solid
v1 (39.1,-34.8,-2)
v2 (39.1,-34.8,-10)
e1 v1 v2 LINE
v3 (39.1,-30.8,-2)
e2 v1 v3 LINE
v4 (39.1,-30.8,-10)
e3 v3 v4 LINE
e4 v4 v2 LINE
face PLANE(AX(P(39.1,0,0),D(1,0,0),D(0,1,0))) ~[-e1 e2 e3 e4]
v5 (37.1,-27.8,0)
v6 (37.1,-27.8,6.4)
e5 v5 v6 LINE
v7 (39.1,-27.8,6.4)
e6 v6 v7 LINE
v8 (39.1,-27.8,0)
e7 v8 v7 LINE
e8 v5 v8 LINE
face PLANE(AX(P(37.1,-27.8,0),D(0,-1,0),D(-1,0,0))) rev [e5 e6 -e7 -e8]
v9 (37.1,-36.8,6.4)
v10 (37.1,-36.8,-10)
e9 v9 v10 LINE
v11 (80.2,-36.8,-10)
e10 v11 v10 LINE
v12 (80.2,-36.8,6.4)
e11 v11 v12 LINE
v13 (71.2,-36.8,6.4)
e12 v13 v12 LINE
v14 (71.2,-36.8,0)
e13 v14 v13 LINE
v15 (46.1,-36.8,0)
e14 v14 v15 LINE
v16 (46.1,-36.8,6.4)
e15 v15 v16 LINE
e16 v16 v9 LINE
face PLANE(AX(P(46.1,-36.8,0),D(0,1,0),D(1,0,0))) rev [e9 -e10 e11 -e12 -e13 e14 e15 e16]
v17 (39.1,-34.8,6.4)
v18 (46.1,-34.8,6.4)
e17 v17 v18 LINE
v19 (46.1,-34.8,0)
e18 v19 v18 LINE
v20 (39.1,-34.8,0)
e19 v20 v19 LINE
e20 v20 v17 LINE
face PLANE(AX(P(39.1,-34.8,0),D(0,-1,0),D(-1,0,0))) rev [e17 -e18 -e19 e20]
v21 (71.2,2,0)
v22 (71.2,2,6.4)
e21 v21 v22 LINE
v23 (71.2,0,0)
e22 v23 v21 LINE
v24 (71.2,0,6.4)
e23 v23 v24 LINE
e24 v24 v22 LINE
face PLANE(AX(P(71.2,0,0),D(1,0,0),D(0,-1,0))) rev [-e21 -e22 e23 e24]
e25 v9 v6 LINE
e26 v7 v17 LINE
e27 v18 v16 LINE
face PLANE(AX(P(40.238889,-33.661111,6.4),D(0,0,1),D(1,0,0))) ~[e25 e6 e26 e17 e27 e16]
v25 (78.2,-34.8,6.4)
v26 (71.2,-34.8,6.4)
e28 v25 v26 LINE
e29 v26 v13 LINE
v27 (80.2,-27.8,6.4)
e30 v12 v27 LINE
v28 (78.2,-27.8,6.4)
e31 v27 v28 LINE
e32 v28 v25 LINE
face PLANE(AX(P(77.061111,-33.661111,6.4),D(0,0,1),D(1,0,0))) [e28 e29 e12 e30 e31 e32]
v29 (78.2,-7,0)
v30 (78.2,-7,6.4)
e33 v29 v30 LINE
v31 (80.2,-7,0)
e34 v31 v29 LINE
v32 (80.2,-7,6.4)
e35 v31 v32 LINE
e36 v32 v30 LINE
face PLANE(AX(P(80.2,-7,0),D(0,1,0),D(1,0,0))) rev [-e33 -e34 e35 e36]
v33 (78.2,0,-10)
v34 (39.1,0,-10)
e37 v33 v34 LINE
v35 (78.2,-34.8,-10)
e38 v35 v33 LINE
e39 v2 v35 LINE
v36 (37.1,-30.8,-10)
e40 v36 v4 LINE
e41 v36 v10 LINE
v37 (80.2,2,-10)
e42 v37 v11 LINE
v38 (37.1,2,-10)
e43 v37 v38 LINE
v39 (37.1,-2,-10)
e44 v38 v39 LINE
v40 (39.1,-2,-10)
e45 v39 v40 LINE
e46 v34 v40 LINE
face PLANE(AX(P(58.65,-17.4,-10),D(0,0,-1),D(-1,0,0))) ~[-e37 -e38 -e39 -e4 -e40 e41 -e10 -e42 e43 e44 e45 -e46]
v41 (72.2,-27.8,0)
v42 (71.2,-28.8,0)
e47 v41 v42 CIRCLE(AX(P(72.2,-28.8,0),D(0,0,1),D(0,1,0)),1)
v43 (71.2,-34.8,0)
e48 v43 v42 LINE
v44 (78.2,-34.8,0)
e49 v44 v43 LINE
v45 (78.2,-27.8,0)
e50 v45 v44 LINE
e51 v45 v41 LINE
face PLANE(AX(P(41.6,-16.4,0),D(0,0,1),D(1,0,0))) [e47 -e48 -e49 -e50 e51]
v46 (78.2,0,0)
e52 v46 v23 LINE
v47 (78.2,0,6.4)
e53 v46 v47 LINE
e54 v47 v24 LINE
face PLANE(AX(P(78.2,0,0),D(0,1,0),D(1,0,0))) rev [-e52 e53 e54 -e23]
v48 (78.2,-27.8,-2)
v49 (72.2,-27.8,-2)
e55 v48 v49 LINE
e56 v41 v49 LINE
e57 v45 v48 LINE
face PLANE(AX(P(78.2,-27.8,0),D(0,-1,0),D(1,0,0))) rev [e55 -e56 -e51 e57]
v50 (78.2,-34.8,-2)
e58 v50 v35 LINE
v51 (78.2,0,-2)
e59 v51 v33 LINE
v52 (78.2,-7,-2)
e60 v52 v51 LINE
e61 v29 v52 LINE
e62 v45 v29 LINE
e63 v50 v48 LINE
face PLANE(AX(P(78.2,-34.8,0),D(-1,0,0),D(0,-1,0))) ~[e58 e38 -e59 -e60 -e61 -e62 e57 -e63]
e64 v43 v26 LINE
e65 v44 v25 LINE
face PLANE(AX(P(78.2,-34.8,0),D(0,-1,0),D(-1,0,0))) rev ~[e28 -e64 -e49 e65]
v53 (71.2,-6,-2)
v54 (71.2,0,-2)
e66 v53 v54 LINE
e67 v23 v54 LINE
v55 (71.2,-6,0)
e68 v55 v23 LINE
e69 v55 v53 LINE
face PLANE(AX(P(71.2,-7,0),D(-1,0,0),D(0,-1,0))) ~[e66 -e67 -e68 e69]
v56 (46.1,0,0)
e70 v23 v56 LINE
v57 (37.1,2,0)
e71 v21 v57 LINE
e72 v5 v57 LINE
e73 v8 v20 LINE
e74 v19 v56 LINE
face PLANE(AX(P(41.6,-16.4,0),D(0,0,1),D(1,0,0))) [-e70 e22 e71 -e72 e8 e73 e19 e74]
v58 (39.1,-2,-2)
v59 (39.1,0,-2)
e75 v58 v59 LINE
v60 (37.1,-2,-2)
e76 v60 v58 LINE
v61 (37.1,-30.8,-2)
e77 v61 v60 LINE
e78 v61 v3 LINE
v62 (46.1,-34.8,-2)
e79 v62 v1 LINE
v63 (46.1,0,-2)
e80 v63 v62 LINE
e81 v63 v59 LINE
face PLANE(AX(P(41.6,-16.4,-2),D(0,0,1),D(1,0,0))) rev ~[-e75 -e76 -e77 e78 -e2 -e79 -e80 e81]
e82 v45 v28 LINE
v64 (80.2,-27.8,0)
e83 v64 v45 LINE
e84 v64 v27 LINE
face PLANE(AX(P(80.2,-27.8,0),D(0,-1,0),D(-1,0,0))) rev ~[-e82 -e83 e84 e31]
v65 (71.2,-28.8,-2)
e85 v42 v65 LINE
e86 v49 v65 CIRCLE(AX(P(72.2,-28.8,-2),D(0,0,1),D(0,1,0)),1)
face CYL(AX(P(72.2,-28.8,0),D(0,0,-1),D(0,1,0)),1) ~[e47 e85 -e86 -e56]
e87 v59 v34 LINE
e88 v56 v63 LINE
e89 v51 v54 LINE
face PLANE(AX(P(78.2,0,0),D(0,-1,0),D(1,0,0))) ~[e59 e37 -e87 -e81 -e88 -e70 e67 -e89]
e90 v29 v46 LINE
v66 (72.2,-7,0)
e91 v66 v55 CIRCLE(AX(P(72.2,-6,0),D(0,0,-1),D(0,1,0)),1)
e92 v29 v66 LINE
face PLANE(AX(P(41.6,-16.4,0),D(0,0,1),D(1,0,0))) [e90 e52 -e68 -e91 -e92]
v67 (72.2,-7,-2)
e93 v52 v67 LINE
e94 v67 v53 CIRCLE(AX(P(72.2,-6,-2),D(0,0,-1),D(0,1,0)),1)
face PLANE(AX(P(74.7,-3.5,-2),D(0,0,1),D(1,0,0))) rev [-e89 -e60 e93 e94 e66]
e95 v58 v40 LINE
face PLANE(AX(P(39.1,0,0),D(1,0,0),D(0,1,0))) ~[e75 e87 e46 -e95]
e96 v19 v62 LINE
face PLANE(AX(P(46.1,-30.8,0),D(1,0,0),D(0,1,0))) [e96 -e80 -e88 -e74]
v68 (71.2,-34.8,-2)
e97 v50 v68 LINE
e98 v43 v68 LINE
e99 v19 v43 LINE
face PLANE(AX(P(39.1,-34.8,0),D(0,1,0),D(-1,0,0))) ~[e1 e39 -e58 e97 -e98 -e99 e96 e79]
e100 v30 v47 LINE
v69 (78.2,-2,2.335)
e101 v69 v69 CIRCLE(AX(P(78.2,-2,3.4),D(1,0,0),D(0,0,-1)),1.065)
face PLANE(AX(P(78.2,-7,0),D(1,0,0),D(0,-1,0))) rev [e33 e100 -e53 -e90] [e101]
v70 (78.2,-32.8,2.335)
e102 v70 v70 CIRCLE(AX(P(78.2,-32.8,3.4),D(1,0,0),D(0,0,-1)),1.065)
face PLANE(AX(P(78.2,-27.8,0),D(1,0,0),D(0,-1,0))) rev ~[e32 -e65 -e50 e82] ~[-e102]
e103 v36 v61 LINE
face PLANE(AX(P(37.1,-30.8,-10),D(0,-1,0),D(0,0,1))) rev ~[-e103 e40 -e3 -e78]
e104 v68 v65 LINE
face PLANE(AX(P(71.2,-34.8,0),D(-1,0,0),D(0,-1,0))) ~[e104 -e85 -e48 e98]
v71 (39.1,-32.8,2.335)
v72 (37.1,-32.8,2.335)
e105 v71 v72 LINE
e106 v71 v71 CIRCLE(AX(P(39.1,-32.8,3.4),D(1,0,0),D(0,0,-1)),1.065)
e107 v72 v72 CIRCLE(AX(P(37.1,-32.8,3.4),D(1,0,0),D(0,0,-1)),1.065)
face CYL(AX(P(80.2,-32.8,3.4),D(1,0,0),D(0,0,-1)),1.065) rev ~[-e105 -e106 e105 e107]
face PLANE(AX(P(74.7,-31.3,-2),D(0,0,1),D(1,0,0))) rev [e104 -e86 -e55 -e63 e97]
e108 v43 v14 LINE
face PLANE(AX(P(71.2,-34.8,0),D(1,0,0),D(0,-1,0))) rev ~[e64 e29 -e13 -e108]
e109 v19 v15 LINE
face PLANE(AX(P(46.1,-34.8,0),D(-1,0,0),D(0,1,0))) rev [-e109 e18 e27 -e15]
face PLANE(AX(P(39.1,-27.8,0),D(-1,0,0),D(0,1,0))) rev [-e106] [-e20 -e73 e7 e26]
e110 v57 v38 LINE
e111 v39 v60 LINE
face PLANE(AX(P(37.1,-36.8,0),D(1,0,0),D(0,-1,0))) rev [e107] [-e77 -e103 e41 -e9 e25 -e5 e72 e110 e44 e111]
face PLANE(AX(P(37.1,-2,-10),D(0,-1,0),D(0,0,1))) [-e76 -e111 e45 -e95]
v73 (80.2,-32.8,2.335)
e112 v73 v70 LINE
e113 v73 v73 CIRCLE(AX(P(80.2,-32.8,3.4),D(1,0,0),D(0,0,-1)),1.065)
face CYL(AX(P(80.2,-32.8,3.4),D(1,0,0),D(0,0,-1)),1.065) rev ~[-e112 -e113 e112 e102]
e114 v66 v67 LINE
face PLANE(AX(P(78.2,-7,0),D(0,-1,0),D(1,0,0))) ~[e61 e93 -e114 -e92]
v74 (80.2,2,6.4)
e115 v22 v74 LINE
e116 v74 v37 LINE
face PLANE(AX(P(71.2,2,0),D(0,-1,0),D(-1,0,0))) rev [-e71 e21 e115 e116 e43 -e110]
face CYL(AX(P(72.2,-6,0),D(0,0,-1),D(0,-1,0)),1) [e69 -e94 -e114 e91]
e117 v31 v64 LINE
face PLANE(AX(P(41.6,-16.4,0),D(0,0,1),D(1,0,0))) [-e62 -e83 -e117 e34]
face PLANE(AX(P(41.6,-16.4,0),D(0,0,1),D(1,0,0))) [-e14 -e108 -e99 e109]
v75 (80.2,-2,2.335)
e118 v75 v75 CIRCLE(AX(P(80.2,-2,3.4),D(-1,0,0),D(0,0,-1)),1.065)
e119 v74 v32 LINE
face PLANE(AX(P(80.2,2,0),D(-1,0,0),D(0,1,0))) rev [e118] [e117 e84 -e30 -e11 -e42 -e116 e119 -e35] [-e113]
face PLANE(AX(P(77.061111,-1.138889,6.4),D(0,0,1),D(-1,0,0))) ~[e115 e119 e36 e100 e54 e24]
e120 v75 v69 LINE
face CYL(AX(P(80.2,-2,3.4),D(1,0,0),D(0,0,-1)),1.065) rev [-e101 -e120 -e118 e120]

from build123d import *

# Parameters (mm, degrees)
EXTRUDE_THIN1_DEPTH = 10
SKETCH2_W           = 7
SKETCH2_H           = 7
BOSS_EXTRUDE1_DEPTH = 2
FILLET1_R           = 1
CUT_EXTRUDE1_REACH  = 45.1
SKETCH3_W           = 10
SKETCH3_H           = 28.8
SKETCH4_W           = 9
SKETCH4_H           = 28.8
BOSS_EXTRUDE2_DEPTH = 2
BOSS_EXTRUDE3_DEPTH = 6.4
SKETCH6_R           = 1.065
CUT_EXTRUDE2_DEPTH  = 44.1


with BuildPart() as part:
    # Sketch1 → Extrude-Thin1 (new body)
    with BuildSketch(Plane.XY):
        Polygon((-2, -36.8), (-2, -5), (-2, 2), (41.1, 2), (41.1, -36.8), (34.1, -36.8), align=None)
        Polygon((0, -34.8), (0, -5), (0, 0), (39.1, 0), (39.1, -34.8), (34.1, -34.8), align=None, mode=Mode.SUBTRACT)
    extrude(amount=-EXTRUDE_THIN1_DEPTH)

    # Sketch2 → Boss-Extrude1 (add)
    with BuildSketch(Plane.XY):
        with Locations((3.5, -3.5)):
            Rectangle(SKETCH2_W, SKETCH2_H)
        with Locations((35.6, -3.5)):
            Rectangle(SKETCH2_W, SKETCH2_H)
        with Locations((35.6, -31.3)):
            Rectangle(SKETCH2_W, SKETCH2_H)
        with Locations((3.5, -31.3)):
            Rectangle(SKETCH2_W, SKETCH2_H)
    extrude(amount=-BOSS_EXTRUDE1_DEPTH)

    # Fillet1
    fillet1_edges = [part.edges().sort_by_distance(p)[0] for p in [
        (7, -7, -1),
        (32.1, -7, -1),
        (32.1, -27.8, -1),
        (7, -27.8, -1),
    ]]
    fillet(fillet1_edges, radius=FILLET1_R)


with BuildPart() as body_2:
    # Mirror1: mirrored copy
    add(part.part.mirror(Plane(origin=(39.1, 0, -10), x_dir=(0, 0, 1), z_dir=(1, 0, 0))))

    # Sketch3 → Cut-Extrude1 (cut, up to next)
    with BuildSketch(Plane.ZY.offset(-37.1), mode=Mode.PRIVATE) as cut_extrude1_sk1:
        with Locations((-5, -16.4)):
            Rectangle(SKETCH3_W, SKETCH3_H)
    cut_extrude1_tool1 = extrude(cut_extrude1_sk1.sketch, amount=-CUT_EXTRUDE1_REACH, mode=Mode.PRIVATE) & body_2.part
    add(cut_extrude1_tool1.solids().sort_by_distance((37.1, -16.4, -5))[0], mode=Mode.SUBTRACT)

    # Sketch4 → Boss-Extrude2 (add)
    with BuildSketch(Plane.XY):
        with Locations((41.6, -16.4)):
            Rectangle(SKETCH4_W, SKETCH4_H)
    extrude(amount=-BOSS_EXTRUDE2_DEPTH)

    # Sketch5 → Boss-Extrude3 (add)
    with BuildSketch(Plane.XY):
        Polygon((71.2, -34.8), (71.2, -36.8), (80.2, -36.8), (80.2, -27.8), (78.2, -27.8), (78.2, -34.8), align=None)
    boss_extrude3 = extrude(amount=BOSS_EXTRUDE3_DEPTH)

    # Mirror2: Boss-Extrude3 across plane
    add(boss_extrude3.mirror(Plane.ZX.offset(-17.4)))

    # Mirror3: Boss-Extrude3 across plane
    add(boss_extrude3.mirror(Plane(origin=(58.65, 0, 0), x_dir=(0, 0, 1), z_dir=(1, 0, 0))))

    # Sketch6 → Cut-Extrude2 (cut, through all)
    with BuildSketch(Plane(origin=(80.2, 0, 0), x_dir=(0, 0, -1), z_dir=(1, 0, 0))):
        with Locations((-3.4, -32.8)):
            Circle(SKETCH6_R)
    cut_extrude2 = extrude(amount=-CUT_EXTRUDE2_DEPTH, mode=Mode.SUBTRACT)

    # Mirror4: Cut-Extrude2 across plane
    add(cut_extrude2.mirror(Plane.ZX.offset(-17.4)), mode=Mode.SUBTRACT)


solid = body_2.part
